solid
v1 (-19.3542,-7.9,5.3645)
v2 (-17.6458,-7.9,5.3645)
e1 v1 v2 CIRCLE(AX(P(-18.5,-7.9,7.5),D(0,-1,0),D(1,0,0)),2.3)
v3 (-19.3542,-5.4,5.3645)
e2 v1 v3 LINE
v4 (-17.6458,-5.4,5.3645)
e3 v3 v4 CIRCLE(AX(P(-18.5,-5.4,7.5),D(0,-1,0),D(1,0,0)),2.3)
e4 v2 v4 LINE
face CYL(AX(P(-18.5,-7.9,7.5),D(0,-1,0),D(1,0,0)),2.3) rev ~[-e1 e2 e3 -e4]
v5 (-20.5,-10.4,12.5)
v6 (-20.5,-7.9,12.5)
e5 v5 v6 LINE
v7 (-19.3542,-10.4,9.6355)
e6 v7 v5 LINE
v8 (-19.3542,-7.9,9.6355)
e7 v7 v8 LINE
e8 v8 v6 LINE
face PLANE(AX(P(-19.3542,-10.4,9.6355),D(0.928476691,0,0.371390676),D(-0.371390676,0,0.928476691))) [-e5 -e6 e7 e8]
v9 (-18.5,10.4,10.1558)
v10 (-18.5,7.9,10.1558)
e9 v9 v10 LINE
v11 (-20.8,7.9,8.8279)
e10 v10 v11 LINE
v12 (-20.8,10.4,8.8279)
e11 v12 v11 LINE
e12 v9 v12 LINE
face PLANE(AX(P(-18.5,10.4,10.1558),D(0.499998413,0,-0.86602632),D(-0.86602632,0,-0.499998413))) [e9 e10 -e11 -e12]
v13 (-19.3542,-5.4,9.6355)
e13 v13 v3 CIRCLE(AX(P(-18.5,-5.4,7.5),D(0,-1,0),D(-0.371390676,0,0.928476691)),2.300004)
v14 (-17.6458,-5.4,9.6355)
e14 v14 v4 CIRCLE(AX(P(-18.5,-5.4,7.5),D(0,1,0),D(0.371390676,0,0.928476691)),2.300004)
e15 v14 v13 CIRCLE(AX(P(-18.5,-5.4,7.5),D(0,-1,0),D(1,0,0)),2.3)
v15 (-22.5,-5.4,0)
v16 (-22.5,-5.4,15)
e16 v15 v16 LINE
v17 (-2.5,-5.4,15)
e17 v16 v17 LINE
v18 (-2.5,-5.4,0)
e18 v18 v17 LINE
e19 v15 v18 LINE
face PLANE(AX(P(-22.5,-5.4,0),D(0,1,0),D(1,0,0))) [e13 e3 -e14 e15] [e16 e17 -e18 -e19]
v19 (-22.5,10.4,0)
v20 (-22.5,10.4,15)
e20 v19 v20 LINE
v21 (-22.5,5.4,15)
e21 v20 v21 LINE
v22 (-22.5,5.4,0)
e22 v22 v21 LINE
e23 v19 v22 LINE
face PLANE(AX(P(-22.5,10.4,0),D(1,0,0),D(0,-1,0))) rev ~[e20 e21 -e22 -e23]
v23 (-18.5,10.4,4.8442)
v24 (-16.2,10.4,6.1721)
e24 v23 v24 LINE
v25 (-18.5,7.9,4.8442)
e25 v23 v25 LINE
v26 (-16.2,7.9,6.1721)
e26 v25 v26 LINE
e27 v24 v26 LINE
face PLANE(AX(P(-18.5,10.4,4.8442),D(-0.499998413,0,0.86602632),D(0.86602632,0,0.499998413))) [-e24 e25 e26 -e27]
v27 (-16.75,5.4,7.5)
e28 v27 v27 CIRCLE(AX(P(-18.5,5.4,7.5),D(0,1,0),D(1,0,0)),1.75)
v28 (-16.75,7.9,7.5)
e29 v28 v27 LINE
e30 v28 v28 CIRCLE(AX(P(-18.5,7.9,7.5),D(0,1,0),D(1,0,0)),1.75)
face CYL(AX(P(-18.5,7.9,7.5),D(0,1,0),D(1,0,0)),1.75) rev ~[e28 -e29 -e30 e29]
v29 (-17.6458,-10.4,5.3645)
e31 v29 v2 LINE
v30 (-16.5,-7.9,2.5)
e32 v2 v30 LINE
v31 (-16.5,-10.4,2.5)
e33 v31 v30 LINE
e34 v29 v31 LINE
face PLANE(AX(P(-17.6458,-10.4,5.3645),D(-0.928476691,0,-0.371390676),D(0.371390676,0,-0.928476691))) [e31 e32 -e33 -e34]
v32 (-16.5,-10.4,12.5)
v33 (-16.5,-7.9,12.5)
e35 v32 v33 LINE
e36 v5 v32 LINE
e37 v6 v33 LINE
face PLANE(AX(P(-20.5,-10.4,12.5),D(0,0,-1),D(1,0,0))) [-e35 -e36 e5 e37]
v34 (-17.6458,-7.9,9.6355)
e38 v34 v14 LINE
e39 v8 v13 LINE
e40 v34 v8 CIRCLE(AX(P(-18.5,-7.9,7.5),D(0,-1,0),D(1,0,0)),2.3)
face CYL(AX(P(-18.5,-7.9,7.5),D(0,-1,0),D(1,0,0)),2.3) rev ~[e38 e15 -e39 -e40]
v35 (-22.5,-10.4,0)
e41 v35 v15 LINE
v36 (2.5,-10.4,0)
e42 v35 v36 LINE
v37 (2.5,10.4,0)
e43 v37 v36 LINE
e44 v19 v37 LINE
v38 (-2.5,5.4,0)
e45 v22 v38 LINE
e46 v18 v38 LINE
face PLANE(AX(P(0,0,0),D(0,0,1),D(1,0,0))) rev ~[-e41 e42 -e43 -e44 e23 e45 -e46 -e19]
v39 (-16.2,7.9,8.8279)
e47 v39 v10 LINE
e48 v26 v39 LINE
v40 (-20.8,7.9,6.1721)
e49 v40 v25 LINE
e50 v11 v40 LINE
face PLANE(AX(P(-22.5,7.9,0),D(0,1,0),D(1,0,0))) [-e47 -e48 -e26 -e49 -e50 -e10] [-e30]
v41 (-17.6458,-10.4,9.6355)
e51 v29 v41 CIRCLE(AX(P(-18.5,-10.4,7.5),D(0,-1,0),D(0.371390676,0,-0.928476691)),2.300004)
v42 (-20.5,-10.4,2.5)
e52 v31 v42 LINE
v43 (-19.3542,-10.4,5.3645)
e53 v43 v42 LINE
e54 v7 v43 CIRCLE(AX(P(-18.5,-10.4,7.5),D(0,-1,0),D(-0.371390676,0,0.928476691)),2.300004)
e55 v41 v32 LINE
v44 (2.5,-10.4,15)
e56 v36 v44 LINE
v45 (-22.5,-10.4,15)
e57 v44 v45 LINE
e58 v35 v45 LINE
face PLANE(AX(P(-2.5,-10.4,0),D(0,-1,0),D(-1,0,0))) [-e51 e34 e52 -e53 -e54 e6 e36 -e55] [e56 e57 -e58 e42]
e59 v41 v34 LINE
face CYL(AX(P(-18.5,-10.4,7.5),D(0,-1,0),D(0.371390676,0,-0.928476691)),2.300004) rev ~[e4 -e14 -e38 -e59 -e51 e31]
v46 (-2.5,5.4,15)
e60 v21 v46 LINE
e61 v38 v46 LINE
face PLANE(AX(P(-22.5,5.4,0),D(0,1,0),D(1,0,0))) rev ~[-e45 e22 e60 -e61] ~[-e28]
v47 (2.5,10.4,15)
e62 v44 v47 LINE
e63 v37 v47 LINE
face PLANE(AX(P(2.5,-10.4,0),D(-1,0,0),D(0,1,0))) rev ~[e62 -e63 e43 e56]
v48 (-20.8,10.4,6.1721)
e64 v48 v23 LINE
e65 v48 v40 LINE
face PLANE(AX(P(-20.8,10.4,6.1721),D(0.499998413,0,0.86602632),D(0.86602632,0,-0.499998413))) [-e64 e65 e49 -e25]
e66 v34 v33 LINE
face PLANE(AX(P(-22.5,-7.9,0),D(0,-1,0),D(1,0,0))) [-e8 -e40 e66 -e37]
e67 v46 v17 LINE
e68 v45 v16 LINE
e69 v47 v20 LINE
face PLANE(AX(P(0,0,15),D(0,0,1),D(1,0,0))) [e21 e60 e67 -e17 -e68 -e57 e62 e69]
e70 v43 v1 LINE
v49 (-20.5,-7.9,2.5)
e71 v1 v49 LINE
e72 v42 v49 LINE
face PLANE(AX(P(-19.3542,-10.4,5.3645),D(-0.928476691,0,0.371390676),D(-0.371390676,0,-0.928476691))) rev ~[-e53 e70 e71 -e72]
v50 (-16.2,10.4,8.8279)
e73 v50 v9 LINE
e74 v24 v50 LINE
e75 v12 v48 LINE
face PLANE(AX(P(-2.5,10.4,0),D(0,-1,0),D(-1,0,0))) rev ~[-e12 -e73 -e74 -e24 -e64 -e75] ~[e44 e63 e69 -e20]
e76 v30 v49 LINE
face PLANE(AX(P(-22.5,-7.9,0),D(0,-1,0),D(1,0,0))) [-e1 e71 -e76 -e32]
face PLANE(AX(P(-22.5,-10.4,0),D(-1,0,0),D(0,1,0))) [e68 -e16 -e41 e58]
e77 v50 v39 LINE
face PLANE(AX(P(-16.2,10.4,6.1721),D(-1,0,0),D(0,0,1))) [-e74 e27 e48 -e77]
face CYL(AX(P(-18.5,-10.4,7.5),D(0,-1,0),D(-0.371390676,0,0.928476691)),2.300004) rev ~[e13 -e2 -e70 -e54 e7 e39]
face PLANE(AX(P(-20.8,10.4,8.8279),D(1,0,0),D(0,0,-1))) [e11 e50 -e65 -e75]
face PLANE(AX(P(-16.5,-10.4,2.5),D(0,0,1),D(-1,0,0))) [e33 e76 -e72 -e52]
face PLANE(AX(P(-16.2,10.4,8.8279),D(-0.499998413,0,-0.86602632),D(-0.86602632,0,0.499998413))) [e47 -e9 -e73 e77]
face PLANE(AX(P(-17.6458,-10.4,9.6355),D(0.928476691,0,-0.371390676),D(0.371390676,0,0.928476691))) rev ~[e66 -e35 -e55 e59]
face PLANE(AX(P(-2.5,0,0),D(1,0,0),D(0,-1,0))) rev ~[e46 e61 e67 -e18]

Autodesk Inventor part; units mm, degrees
sketch "Boceto1" plane through (0, 0, 0) normal (0, 0, 1) x (1, 0, 0)
  line L0 (-2.5, -10.4) -> (2.5, -10.4)
  line L1 (2.5, -10.4) -> (2.5, 10.4)
  line L2 (2.5, 10.4) -> (-2.5, 10.4)
  line L3 (-2.5, 5.4) -> (-2.5, -5.4)
  line L4 (-2.5, -10.4) -> (2.5, 10.4) construction
  line L5 (2.5, -10.4) -> (-2.5, 10.4) construction
  line L6 (-2.5, 10.4) -> (-22.5, 10.4)
  line L7 (-22.5, 10.4) -> (-22.5, 5.4)
  line L8 (-22.5, 5.4) -> (-2.5, 5.4)
  line L9 (-27.5, 0) -> (7.5, 0) projected
  line L10 (-2.5, -10.4) -> (-22.5, -10.4)
  line L11 (-22.5, -10.4) -> (-22.5, -5.4)
  line L12 (-22.5, -5.4) -> (-2.5, -5.4)
  point P0 (0, 0)
  dimension "d4" = 25
  dimension "d5" = 20
  dimension "d6" = 10.8
  dimension "d8" = 20.8
extrude "Extrusión1" add sketch "Boceto1" along normal blind 15
sketch "Boceto2" plane through (-22.5, -10.4, 0) normal (0, -1, 0) x (1, 0, 0)
  line L0 (0, 0) -> (0, 15) projected
  line L1 (0, 15) -> (25, 15) projected
  line L2 (2, 12.5) -> (6, 12.5)
  line L3 (6, 2.5) -> (2, 2.5)
  line L4 (2, 12.5) -> (6, 2.5) construction
  line L5 (6, 12.5) -> (2, 2.5) construction
  line L6 (4.8542, 9.6355) -> (6, 12.5)
  line L7 (3.1458, 9.6355) -> (2, 12.5)
  line L8 (3.1458, 5.3645) -> (2, 2.5)
  line L9 (4.8542, 5.3645) -> (6, 2.5)
  arc A0 (4.8542, 5.3645) -> (4.8542, 9.6355) centre (4, 7.5) ccw
  arc A1 (3.1458, 9.6355) -> (3.1458, 5.3645) centre (4, 7.5) ccw
  point P0 (22.5, 0)
  point P1 (0, 7.5)
  dimension "d11" = 4
  dimension "d13" = 7.5
  dimension "d25" = 2.3
  dimension "d26" = 2.3
extrude "Extrusión2" cut sketch "Boceto2" against normal blind 2.5
sketch "Boceto3" plane through (-22.5, -7.9, 0) normal (0, -1, 0) x (1, 0, 0)
  arc A0 (4.8542, 5.3645) -> (4.8542, 9.6355) centre (4, 7.5) ccw projected
  arc A1 (3.1458, 9.6355) -> (3.1458, 5.3645) centre (4, 7.5) ccw projected
  circle A2 centre (4, 7.5) radius 2.3
  point P0 (22.5, 0)
  point P1 (3.1458, 5.3645)
  point P2 (4.8542, 5.3645)
  point P3 (4.8542, 9.6355)
  point P4 (3.1458, 9.6355)
  dimension "d27" = 4.6
extrude "Extrusión3" cut sketch "Boceto3" against normal blind 2.5
sketch "Boceto4" plane through (-22.5, 10.4, 0) normal (0, 1, 0) x (1, 0, 0)
  circle A0 centre (4, -7.5) radius 2.3 construction
  line L0 (6.3, -8.8279) -> (4, -10.1558)
  line L1 (4, -10.1558) -> (1.7, -8.8279)
  line L2 (1.7, -8.8279) -> (1.7, -6.1721)
  line L3 (1.7, -6.1721) -> (4, -4.8442)
  line L4 (4, -4.8442) -> (6.3, -6.1721)
  line L5 (6.3, -6.1721) -> (6.3, -8.8279)
  point P0 (22.5, 0)
  point P1 (6.3, -7.5)
extrude "Extrusión4" cut sketch "Boceto4" against normal blind 2.5
sketch "Boceto5" plane through (-22.5, 7.9, 0) normal (0, 1, 0) x (1, 0, 0)
  arc A0 (4.8542, -9.6355) -> (4.8542, -5.3645) centre (4, -7.5) ccw projected
  circle A1 centre (4, -7.5) radius 1.75
  point P0 (22.5, 0)
  point P1 (3.1458, -5.3645)
  point P2 (3.1458, -9.6355)
  dimension "d22" = 3.5
extrude "Extrusión5" cut sketch "Boceto5" against normal blind 2.5
properties part number "PruebaCParaBuje_3DPrint"
